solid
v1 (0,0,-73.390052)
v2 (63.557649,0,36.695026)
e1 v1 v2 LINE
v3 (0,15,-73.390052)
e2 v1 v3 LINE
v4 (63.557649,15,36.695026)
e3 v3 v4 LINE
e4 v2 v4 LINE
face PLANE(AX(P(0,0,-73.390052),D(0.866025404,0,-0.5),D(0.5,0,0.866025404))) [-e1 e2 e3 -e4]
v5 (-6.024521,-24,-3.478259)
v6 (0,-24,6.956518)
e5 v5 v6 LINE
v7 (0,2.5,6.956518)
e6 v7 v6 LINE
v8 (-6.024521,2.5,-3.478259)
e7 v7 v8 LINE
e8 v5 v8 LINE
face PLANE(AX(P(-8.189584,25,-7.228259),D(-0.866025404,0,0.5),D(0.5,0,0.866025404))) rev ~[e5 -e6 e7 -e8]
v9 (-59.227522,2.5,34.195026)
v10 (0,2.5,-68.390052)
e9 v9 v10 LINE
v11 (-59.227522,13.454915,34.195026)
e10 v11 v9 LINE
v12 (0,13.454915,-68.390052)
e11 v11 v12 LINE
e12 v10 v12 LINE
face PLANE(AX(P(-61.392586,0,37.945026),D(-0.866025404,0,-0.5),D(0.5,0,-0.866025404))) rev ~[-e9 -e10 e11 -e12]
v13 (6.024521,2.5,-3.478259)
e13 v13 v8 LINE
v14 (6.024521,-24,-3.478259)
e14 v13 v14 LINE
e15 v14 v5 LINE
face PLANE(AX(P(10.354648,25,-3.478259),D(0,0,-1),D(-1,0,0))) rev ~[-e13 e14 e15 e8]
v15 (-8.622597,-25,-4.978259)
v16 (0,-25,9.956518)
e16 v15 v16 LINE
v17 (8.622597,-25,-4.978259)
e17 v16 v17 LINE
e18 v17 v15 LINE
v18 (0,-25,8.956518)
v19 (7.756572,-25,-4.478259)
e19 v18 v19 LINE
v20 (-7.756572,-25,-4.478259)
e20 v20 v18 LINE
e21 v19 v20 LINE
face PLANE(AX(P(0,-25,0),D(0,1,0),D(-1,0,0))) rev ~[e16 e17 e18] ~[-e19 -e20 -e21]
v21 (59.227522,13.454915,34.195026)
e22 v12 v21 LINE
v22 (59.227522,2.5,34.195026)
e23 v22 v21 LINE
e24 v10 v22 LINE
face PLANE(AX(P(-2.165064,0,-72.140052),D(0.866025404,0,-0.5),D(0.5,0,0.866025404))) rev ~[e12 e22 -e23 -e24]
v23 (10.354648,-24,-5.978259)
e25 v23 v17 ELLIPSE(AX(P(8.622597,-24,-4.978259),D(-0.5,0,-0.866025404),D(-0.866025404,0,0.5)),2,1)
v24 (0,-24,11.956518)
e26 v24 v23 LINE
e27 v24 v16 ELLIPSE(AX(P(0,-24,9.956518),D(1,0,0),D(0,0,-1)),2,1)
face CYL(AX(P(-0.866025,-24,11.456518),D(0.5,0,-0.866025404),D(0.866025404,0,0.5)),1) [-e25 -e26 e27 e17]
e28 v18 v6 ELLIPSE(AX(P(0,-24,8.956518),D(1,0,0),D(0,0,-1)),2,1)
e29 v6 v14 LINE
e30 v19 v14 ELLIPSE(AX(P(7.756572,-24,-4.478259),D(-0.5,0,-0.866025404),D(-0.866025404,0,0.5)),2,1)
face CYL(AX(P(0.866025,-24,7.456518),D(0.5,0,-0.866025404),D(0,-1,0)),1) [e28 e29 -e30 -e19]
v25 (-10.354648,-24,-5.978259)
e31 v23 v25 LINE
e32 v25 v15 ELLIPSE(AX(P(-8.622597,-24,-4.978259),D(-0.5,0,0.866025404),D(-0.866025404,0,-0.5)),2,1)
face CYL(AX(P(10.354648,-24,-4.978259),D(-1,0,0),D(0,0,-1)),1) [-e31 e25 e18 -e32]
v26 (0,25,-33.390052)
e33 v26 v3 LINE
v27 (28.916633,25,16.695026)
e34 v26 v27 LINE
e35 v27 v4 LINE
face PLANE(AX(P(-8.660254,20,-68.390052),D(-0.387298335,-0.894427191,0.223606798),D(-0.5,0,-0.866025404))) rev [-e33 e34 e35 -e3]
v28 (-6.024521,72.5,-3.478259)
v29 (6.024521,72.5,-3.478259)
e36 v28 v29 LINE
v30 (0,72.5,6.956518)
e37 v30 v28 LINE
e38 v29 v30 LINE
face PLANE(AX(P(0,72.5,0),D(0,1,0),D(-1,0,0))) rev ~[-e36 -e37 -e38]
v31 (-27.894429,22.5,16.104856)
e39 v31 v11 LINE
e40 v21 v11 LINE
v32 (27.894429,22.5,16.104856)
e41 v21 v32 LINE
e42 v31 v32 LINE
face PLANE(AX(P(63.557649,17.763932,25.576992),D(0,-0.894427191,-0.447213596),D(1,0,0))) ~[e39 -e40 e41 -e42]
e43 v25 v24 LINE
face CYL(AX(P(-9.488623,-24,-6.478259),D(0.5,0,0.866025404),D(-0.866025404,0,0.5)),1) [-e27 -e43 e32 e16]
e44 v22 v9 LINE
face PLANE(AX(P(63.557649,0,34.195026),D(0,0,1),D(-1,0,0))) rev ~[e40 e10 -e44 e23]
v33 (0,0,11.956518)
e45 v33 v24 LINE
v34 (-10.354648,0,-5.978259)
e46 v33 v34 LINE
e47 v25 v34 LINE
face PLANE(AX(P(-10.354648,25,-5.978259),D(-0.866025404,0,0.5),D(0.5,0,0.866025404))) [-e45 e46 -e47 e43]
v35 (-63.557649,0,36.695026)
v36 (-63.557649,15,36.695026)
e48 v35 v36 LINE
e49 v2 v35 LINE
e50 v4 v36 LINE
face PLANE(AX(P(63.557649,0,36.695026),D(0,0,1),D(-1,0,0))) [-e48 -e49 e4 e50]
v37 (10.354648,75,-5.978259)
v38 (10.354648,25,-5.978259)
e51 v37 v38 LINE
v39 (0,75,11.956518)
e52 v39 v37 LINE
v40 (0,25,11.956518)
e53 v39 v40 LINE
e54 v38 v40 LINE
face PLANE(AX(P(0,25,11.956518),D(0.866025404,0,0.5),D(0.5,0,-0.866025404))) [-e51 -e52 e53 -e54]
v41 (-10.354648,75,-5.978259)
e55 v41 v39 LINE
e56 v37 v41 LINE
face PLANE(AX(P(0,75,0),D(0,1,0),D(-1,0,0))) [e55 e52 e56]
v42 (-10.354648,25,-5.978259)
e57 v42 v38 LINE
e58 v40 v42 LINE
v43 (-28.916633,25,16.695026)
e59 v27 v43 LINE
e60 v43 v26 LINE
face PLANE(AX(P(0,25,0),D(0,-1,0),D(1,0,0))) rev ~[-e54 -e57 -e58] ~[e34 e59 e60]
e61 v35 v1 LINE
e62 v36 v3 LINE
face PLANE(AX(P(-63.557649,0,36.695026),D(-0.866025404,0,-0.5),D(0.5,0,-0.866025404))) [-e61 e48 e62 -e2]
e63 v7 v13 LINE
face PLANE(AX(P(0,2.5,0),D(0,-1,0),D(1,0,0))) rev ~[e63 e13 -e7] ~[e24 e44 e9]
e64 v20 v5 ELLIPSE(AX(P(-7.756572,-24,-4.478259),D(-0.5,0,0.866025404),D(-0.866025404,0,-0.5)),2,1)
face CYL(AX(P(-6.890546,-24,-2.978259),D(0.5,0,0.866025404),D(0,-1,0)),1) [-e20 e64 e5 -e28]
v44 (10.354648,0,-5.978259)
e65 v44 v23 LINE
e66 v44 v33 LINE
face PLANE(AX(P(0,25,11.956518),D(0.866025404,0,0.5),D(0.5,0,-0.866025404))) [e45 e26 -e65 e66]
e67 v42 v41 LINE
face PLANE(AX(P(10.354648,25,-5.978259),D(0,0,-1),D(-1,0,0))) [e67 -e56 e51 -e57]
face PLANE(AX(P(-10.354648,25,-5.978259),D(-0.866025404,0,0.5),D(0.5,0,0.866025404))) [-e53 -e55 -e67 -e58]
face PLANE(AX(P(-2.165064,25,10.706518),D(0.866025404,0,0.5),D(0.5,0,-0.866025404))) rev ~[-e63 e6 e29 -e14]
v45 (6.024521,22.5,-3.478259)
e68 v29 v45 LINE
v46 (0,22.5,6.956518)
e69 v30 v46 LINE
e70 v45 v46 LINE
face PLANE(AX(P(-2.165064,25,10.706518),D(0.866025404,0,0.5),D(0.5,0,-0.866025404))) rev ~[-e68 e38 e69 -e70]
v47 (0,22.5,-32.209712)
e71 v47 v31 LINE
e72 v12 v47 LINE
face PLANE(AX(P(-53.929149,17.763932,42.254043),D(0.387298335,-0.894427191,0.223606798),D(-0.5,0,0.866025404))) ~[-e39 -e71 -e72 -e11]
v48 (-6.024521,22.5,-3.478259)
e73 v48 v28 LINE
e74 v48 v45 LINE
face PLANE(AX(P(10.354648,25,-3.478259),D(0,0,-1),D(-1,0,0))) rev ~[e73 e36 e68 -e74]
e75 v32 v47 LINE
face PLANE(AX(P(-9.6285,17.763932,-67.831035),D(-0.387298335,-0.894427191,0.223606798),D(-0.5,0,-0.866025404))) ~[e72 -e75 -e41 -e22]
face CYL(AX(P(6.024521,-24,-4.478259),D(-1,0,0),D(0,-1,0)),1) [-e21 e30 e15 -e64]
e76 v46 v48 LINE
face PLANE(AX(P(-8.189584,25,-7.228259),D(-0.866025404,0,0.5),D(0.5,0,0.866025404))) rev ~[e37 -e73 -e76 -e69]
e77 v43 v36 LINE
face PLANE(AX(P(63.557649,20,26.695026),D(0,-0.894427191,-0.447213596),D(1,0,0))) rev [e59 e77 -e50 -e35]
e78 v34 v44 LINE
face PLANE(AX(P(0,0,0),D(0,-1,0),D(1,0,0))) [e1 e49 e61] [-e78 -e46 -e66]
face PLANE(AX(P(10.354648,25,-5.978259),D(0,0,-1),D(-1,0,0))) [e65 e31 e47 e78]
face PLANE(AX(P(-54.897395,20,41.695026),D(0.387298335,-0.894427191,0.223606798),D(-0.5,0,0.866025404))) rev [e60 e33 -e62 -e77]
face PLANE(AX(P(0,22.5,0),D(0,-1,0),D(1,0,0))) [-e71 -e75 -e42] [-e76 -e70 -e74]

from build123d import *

# Parameters (mm, degrees)
F1_DEPTH = 25
F2_SIZE2 = 10
F2_SIZE  = 20
F4_DEPTH = 50
F5_T     = -2.5
F6_R     = 1


with BuildPart() as f1:
    # F0 (on Front) → F1 (new body)
    with BuildSketch(Plane.XZ):
        Polygon((63.5576491768, 36.6950258613), (-63.5576491768, 36.6950258613), (0, -73.3900517225), align=None)
    extrude(amount=-F1_DEPTH)

    # F2
    f2_edges = [f1.edges().sort_by_distance(p)[0] for p in [
        (-31.778825, 25, -18.347513),
        (0, 25, 36.695026),
        (31.778825, 25, -18.347513),
    ]]
    f2_side = f1.faces().sort_by_distance((0, 25, 0))[0]
    chamfer(f2_edges, length=F2_SIZE, length2=F2_SIZE2, reference=f2_side)

    # F3 (on face) → F4 (join, symmetric)
    with BuildSketch(Plane(origin=(0, 25, 0), x_dir=(-1, 0, 0), z_dir=(0, 1, 0))):
        Polygon((-10.3546479691, -5.9782587923), (10.3546479691, -5.9782587923), (0, 11.9565175846), align=None)
    extrude(amount=F4_DEPTH, both=True)

    # F5
    f5_openings = [f1.faces().sort_by_distance(p)[0] for p in [
        (0, -25, 0),
    ]]
    offset(amount=F5_T, openings=f5_openings, kind=Kind.INTERSECTION)

    # F6
    f6_edges = [f1.edges().sort_by_distance(p)[0] for p in [
        (0, -25, -5.978259),
        (0, -25, -3.478259),
        (3.01226, -25, 1.739129),
        (5.177324, -25, 2.989129),
        (-5.177324, -25, 2.989129),
        (-3.01226, -25, 1.739129),
    ]]
    fillet(f6_edges, radius=F6_R)


solid = f1.part
